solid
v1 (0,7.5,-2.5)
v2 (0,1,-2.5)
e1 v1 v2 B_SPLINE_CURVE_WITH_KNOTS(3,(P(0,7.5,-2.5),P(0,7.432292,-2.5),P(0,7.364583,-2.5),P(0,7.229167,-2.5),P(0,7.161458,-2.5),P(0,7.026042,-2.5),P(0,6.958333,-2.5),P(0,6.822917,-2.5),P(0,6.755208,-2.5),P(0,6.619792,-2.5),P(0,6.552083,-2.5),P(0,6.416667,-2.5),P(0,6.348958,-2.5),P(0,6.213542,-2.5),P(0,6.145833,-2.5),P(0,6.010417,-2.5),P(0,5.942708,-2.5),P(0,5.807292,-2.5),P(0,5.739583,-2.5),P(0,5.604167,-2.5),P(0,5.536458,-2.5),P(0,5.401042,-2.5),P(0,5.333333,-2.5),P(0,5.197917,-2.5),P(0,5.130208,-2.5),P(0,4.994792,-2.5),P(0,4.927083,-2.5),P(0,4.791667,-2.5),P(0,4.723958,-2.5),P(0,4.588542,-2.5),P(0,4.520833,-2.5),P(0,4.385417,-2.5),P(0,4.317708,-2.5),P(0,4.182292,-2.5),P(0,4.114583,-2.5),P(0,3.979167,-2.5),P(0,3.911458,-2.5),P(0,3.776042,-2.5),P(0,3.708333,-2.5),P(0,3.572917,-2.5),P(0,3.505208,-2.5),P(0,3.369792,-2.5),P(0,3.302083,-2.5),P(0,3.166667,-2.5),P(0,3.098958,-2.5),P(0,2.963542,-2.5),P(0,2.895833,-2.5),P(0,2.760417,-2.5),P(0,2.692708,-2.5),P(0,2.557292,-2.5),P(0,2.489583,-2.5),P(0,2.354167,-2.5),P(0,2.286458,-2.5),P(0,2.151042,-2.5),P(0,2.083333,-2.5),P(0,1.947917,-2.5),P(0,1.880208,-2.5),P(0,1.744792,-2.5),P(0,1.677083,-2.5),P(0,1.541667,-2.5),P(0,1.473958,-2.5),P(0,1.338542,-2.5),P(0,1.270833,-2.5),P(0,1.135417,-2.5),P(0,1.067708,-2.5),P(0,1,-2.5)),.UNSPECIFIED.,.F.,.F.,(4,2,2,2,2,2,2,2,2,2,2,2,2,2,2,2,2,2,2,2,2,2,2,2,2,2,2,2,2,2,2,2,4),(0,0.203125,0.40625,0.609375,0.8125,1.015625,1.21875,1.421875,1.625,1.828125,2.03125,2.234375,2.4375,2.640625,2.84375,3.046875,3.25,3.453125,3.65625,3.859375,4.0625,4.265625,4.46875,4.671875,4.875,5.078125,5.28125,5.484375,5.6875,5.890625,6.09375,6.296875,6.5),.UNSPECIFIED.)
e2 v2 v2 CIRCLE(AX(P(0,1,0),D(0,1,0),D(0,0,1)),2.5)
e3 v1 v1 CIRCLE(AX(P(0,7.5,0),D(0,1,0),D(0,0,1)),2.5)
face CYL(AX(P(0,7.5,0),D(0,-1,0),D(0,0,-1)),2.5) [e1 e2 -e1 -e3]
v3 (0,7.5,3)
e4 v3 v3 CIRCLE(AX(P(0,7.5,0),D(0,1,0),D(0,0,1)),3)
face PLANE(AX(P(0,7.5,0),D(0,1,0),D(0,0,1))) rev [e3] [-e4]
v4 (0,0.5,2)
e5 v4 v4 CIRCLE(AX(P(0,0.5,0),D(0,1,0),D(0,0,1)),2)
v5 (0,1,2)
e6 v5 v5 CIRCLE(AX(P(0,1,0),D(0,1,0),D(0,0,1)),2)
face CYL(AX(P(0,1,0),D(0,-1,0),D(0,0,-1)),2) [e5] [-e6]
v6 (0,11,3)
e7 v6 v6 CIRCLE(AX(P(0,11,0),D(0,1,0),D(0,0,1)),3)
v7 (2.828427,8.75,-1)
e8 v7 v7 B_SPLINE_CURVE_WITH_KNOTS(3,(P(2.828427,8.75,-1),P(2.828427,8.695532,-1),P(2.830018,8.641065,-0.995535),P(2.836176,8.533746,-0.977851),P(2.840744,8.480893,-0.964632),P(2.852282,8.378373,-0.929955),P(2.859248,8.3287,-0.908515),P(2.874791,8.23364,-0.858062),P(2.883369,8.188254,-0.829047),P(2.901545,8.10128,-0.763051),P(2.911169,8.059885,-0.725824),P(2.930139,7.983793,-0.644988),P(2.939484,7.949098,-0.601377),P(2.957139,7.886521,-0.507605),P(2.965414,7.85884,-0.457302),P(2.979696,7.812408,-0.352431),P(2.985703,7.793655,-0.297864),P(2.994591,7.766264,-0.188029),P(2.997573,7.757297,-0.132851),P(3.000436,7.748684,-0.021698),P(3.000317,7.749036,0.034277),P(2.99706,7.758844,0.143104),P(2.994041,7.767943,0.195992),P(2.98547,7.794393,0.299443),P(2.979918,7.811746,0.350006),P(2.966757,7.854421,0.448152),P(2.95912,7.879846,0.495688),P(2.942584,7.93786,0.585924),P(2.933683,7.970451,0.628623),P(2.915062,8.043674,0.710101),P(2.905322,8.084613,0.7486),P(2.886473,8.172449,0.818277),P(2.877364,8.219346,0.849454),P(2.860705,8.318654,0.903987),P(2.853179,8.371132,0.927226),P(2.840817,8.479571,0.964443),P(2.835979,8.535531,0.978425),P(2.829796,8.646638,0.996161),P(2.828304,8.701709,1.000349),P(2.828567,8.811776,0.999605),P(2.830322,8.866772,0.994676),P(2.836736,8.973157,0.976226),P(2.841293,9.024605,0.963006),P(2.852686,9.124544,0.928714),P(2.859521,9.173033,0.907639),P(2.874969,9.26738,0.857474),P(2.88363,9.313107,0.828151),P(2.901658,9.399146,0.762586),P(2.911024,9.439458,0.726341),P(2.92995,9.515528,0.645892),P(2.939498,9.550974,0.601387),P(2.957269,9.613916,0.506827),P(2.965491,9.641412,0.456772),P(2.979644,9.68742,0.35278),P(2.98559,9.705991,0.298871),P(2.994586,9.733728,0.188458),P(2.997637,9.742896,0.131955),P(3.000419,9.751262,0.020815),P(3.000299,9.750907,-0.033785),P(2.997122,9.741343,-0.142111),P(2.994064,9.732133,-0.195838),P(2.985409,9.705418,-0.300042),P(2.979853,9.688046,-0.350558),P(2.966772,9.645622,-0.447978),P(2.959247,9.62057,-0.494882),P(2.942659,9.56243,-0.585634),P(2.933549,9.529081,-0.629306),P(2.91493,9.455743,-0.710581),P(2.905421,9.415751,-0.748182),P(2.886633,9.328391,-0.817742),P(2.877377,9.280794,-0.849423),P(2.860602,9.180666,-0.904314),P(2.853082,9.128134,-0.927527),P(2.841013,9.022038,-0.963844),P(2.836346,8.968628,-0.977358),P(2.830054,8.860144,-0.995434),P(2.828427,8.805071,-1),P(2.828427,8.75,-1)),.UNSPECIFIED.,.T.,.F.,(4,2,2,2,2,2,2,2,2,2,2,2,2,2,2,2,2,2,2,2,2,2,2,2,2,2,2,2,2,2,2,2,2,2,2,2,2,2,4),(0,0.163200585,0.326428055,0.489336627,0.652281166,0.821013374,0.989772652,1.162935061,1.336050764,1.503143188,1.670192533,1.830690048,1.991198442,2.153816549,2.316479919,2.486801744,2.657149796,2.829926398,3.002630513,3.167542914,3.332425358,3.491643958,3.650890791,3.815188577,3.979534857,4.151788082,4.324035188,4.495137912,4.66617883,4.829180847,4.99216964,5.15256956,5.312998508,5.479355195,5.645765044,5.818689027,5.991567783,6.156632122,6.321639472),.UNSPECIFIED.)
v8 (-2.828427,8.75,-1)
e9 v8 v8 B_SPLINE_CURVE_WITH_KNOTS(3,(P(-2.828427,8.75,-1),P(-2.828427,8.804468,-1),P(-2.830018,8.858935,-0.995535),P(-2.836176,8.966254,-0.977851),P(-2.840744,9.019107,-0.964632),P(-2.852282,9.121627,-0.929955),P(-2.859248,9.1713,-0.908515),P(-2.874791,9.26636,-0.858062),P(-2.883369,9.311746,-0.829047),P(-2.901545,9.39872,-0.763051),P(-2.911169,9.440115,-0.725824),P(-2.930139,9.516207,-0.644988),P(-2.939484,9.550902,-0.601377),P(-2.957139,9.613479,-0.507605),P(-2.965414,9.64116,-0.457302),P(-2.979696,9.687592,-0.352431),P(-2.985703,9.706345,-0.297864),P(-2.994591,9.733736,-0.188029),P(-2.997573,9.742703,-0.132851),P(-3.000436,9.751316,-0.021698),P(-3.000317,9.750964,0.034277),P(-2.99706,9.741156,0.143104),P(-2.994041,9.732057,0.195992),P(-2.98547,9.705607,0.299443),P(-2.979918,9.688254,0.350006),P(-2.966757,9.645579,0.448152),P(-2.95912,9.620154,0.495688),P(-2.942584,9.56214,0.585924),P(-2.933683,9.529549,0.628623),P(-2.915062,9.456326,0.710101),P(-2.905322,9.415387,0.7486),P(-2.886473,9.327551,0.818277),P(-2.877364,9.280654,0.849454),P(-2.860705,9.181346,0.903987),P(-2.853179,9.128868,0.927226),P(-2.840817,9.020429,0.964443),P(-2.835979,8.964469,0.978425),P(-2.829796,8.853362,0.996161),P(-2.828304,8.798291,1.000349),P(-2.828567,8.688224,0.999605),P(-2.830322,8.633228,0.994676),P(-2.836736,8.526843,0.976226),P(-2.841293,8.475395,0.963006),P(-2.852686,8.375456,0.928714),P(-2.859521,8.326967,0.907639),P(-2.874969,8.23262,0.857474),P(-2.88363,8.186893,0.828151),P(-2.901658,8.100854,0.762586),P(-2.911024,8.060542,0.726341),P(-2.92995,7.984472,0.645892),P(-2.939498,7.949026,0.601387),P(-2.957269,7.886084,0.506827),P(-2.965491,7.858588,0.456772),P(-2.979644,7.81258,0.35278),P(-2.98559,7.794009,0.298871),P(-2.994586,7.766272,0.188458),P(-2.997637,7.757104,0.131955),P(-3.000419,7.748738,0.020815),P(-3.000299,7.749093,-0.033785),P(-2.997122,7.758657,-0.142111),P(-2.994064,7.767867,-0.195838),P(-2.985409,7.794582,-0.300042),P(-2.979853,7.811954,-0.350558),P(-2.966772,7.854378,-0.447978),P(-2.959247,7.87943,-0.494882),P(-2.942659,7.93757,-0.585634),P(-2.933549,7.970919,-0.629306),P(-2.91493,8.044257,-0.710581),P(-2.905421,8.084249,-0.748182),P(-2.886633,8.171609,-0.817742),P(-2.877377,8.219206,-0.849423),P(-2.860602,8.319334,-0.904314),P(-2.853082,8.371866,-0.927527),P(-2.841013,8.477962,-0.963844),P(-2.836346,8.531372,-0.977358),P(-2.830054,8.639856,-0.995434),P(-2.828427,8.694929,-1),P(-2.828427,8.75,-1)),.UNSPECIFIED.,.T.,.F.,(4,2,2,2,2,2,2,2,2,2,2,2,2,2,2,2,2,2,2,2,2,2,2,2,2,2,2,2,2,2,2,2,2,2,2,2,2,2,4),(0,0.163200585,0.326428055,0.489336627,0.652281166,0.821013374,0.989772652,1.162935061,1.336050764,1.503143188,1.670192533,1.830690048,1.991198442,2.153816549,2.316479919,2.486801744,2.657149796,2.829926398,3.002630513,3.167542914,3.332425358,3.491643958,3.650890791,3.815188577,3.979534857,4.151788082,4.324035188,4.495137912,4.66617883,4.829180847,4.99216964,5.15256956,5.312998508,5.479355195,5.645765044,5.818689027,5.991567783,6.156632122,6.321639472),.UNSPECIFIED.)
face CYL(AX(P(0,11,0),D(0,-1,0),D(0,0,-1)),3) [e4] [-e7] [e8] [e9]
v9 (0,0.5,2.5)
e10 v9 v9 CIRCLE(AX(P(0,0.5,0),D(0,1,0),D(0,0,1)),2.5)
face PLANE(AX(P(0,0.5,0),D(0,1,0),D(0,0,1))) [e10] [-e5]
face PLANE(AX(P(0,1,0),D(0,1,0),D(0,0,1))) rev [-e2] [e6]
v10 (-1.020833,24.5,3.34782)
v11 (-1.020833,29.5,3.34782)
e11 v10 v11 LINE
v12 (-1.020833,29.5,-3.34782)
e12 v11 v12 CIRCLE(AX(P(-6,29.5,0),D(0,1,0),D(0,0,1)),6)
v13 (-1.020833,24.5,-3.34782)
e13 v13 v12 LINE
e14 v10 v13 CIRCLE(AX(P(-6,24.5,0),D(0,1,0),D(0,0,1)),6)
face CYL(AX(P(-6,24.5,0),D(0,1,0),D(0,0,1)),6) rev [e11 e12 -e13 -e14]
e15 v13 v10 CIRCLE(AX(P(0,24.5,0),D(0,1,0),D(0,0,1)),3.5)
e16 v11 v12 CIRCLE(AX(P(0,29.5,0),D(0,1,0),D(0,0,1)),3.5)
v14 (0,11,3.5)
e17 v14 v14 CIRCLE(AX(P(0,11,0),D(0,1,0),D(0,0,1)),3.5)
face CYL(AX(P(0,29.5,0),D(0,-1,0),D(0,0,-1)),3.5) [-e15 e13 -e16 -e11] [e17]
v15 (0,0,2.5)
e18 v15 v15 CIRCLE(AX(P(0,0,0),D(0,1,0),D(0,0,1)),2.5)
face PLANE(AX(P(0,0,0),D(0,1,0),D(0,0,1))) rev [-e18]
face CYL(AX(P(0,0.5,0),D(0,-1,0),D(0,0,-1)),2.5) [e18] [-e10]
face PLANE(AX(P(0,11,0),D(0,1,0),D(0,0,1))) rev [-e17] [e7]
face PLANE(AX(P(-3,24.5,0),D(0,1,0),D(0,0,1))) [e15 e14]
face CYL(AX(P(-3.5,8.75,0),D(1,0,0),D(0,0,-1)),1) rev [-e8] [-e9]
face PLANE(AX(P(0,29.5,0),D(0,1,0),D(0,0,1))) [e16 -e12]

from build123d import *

# Parameters (mm, degrees)
SKETCH1_R               = 2.5
BOSS_EXTRUDE1_DEPTH     = 0.5
SKETCH2_R               = 2
BOSS_EXTRUDE2_DEPTH     = 0.5
SKETCH3_R               = 2.5
BOSS_EXTRUDE3_DEPTH     = 6.5
SKETCH4_R               = 3
BOSS_EXTRUDE4_DEPTH     = 3.5
SKETCH5_R               = 3.5
BOSS_EXTRUDE5_DEPTH     = 18.5
CUT_EXTRUDE2_START      = 24.5
CUT_EXTRUDE2_DEPTH      = 5
CUT_EXTRUDE3_DEPTH      = 30.912372022
CUT_EXTRUDE3_DEPTH_BACK = 30.912372022
SKETCH10_R              = 1


with BuildPart() as part:
    # Sketch1 → Boss-Extrude1 (new body)
    with BuildSketch(Plane(origin=(0, 0, 0), x_dir=(1, 0, 0), z_dir=(0, 1, 0))):
        with Locations(Location((0, 0, 0), (0, 0, 270))):
            Circle(SKETCH1_R)
    extrude(amount=BOSS_EXTRUDE1_DEPTH)

    # Sketch2 → Boss-Extrude2 (add)
    with BuildSketch(Plane(origin=(0, 0.5, 0), x_dir=(1, 0, 0), z_dir=(0, 1, 0))):
        with Locations(Location((0, 0, 0), (0, 0, 270))):
            Circle(SKETCH2_R)
    extrude(amount=BOSS_EXTRUDE2_DEPTH)

    # Sketch3 → Boss-Extrude3 (add)
    with BuildSketch(Plane(origin=(0, 1, 0), x_dir=(1, 0, 0), z_dir=(0, 1, 0))):
        with Locations(Location((0, 0, 0), (0, 0, 270))):
            Circle(SKETCH3_R)
    extrude(amount=BOSS_EXTRUDE3_DEPTH)

    # Sketch4 → Boss-Extrude4 (add)
    with BuildSketch(Plane(origin=(0, 7.5, 0), x_dir=(1, 0, 0), z_dir=(0, 1, 0))):
        with Locations(Location((0, 0, 0), (0, 0, 270))):
            Circle(SKETCH4_R)
    extrude(amount=BOSS_EXTRUDE4_DEPTH)

    # Sketch5 → Boss-Extrude5 (add)
    with BuildSketch(Plane(origin=(0, 11, 0), x_dir=(1, 0, 0), z_dir=(0, 1, 0))):
        with Locations(Location((0, 0, 0), (0, 0, 270))):
            Circle(SKETCH5_R)
    extrude(amount=BOSS_EXTRUDE5_DEPTH)

    # Sketch8 → Cut-Extrude2 (cut)
    with BuildSketch(Plane(origin=(0, 0, 0), x_dir=(1, 0, 0), z_dir=(0, 1, 0)).offset(CUT_EXTRUDE2_START)):
        with BuildLine():
            ThreePointArc((-1.020833333, 3.347820083), (0, 0), (-1.020833333, -3.347820083))
            ThreePointArc((-1.020833333, -3.347820083), (-3.5, 0), (-1.020833333, 3.347820083))
        make_face()
    extrude(amount=CUT_EXTRUDE2_DEPTH, mode=Mode.SUBTRACT)

    # Sketch10 → Cut-Extrude3 (cut, two sides: drawn at the far end of the back side and taken through both)
    with BuildSketch(Plane(origin=(0, 0, 0), x_dir=(0, 0, -1), z_dir=(1, 0, 0)).offset(-CUT_EXTRUDE3_DEPTH_BACK)):
        with Locations((0, 8.75)):
            Circle(SKETCH10_R)
    extrude(amount=CUT_EXTRUDE3_DEPTH + CUT_EXTRUDE3_DEPTH_BACK, mode=Mode.SUBTRACT)


solid = part.part
